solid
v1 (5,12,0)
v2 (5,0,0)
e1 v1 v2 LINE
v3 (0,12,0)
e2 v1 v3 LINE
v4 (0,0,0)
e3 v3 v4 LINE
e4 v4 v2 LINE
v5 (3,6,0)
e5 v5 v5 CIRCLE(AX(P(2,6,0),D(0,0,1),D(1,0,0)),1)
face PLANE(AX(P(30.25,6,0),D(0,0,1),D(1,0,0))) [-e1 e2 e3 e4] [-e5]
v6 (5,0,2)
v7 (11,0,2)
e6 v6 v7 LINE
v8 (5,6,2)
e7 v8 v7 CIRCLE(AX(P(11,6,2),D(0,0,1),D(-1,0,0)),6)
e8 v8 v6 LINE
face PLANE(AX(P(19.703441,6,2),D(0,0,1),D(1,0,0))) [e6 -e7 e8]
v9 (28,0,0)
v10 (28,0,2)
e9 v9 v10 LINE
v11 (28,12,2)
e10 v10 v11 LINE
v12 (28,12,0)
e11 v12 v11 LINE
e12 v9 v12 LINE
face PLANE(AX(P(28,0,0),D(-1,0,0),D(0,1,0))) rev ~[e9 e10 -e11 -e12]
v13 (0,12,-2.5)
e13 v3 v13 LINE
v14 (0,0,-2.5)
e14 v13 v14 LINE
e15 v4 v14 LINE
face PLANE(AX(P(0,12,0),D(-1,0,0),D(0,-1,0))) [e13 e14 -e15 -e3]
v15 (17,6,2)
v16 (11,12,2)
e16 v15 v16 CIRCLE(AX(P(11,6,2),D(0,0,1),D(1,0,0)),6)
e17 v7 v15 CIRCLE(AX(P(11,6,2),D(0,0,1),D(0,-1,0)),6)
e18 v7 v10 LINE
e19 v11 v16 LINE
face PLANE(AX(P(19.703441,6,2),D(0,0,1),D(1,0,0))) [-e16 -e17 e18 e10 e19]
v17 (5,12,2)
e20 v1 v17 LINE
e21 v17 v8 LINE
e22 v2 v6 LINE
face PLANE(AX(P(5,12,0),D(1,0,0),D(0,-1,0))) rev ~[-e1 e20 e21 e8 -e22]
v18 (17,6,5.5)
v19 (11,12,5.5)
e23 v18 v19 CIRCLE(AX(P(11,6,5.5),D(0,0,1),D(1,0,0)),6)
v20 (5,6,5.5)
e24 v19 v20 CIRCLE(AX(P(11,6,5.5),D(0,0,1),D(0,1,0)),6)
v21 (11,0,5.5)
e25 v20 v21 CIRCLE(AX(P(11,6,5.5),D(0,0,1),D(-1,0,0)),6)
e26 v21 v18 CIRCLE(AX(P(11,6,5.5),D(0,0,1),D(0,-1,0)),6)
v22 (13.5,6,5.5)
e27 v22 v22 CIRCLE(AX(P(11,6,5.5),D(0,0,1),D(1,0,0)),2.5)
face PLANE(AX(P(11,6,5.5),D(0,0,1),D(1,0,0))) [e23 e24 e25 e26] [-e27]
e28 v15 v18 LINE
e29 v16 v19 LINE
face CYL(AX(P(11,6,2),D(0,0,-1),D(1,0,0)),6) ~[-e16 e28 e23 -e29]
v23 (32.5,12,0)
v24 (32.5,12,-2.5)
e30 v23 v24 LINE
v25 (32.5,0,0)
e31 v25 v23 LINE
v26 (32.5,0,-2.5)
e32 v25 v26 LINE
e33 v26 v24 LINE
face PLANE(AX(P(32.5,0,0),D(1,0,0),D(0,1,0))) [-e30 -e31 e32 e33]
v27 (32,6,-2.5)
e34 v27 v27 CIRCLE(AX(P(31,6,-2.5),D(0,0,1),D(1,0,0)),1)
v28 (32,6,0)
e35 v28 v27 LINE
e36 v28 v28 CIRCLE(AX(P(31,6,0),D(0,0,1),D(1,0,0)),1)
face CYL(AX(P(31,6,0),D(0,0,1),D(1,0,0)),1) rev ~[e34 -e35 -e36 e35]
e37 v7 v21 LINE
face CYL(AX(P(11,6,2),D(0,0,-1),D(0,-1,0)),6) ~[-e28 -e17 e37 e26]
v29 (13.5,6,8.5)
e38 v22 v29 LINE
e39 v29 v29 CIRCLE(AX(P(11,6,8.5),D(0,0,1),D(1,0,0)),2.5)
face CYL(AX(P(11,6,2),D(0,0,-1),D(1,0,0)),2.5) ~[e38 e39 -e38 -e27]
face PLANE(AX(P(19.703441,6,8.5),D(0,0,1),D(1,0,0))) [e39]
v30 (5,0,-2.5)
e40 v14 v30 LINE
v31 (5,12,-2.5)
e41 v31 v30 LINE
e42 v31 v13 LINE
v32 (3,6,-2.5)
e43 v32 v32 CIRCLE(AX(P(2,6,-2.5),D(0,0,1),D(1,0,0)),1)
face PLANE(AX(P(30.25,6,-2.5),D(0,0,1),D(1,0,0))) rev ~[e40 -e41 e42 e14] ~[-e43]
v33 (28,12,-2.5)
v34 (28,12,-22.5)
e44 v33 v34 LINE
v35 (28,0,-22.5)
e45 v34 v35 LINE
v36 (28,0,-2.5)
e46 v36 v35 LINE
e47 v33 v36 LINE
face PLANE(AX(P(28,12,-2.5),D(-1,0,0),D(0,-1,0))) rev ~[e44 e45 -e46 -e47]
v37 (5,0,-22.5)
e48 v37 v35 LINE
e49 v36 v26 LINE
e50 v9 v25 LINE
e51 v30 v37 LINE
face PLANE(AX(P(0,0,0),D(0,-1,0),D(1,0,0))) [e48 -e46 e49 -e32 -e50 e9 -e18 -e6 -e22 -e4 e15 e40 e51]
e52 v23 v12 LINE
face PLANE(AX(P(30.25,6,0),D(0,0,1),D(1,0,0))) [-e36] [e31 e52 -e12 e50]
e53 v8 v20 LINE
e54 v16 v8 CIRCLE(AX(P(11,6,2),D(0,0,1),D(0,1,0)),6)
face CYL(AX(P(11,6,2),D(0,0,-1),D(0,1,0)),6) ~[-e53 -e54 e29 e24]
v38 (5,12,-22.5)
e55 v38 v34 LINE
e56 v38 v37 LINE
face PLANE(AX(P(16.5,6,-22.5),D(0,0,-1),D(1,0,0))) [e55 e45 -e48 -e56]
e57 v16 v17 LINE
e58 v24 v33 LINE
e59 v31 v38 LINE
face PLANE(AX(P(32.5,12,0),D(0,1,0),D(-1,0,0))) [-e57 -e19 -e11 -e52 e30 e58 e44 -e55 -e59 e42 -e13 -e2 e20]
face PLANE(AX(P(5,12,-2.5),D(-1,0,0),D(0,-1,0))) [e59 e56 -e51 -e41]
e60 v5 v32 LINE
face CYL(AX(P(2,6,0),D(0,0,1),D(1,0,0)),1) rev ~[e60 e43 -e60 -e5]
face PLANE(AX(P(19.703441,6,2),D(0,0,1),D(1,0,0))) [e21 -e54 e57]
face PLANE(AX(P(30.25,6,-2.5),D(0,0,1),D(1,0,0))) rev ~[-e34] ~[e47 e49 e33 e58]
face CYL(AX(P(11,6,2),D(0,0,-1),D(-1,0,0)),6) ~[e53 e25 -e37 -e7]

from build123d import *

# Parameters (mm, degrees)
F0_W     = 4.5
F0_H     = 12
F0_R     = 1
F0_R_2   = 2.5
F1_DEPTH = 2.5
F2_DEPTH = 2
F3_DEPTH = 22.5
F4_R     = 2.5
F5_DEPTH = 3.5
F6_DEPTH = 6.5
F8_W     = 23
F8_H     = 12
F9_DEPTH = 20


with BuildPart() as f1:
    # F0 (on Top) → F1 (new body)
    with BuildSketch(Plane.XY):
        with Locations((30.25, 6)):
            Rectangle(F0_W, F0_H)
        with Locations((31, 6)):
            Circle(F0_R, mode=Mode.SUBTRACT)
        with BuildLine():
            ThreePointArc((17, 6), (15.2426406871, 1.7573593129), (11, 0))
            Line((11, 0), (28, 0))
            Line((28, 0), (28, 12))
            Line((28, 12), (11, 12))
            ThreePointArc((11, 12), (15.2426406871, 10.2426406871), (17, 6))
        make_face()
        with BuildLine():
            Line((5, 12), (5, 6))
            ThreePointArc((5, 6), (6.7573593129, 10.2426406871), (11, 12))
            Line((11, 12), (5, 12))
        make_face()
        with BuildLine():
            Line((5, 6), (5, 0))
            Line((5, 0), (11, 0))
            ThreePointArc((11, 0), (6.7573593129, 1.7573593129), (5, 6))
        make_face()
        Polygon((0, 12), (0, 0), (5, 0), (5, 6), (5, 12), align=None)
        with Locations((2, 6)):
            Circle(F0_R, mode=Mode.SUBTRACT)
        with BuildLine():
            ThreePointArc((5, 6), (6.7573593129, 1.7573593129), (11, 0))
            ThreePointArc((11, 0), (15.2426406871, 1.7573593129), (17, 6))
            ThreePointArc((17, 6), (15.2426406871, 10.2426406871), (11, 12))
            ThreePointArc((11, 12), (6.7573593129, 10.2426406871), (5, 6))
        make_face()
        with Locations((11, 6)):
            Circle(F0_R_2, mode=Mode.SUBTRACT)
        with Locations((11, 6)):
            Circle(F0_R_2)
    extrude(amount=-F1_DEPTH)

    # F0 (on Top) → F2 (join)
    with BuildSketch(Plane.XY):
        with BuildLine():
            ThreePointArc((17, 6), (15.2426406871, 1.7573593129), (11, 0))
            Line((11, 0), (28, 0))
            Line((28, 0), (28, 12))
            Line((28, 12), (11, 12))
            ThreePointArc((11, 12), (15.2426406871, 10.2426406871), (17, 6))
        make_face()
        with BuildLine():
            Line((5, 12), (5, 6))
            ThreePointArc((5, 6), (6.7573593129, 10.2426406871), (11, 12))
            Line((11, 12), (5, 12))
        make_face()
        with BuildLine():
            Line((5, 6), (5, 0))
            Line((5, 0), (11, 0))
            ThreePointArc((11, 0), (6.7573593129, 1.7573593129), (5, 6))
        make_face()
        with BuildLine():
            ThreePointArc((5, 6), (6.7573593129, 1.7573593129), (11, 0))
            ThreePointArc((11, 0), (15.2426406871, 1.7573593129), (17, 6))
            ThreePointArc((17, 6), (15.2426406871, 10.2426406871), (11, 12))
            ThreePointArc((11, 12), (6.7573593129, 10.2426406871), (5, 6))
        make_face()
        with Locations((11, 6)):
            Circle(F0_R_2, mode=Mode.SUBTRACT)
        with Locations((11, 6)):
            Circle(F0_R_2)
    extrude(amount=F2_DEPTH)

    # F4 (on face) → F5 (join)
    with BuildSketch(Plane.XY.offset(2)):
        with BuildLine():
            ThreePointArc((11, 0), (15.2426406871, 1.7573593129), (17, 6))
            ThreePointArc((17, 6), (15.2426406871, 10.2426406871), (11, 12))
            ThreePointArc((11, 12), (6.7573593129, 10.2426406871), (5, 6))
            ThreePointArc((5, 6), (6.7573593129, 1.7573593129), (11, 0))
        make_face()
        with Locations((11, 6)):
            Circle(F4_R, mode=Mode.SUBTRACT)
    extrude(amount=F5_DEPTH)

    # F6 (add): a face of the model
    f6_faces = [f1.faces().sort_by_distance(p)[0] for p in [
        (11, 6, 2),
    ]]
    extrude(f6_faces, amount=F6_DEPTH)

    # F8 (on face) → F9 (join)
    with BuildSketch(Plane(origin=(0, 0, -2.5), x_dir=(1, 0, 0), z_dir=(0, 0, -1))):
        with Locations((16.5, -6)):
            Rectangle(F8_W, F8_H)
    extrude(amount=F9_DEPTH)


with BuildPart() as f3:
    # F0 (on Top) → F3 (new body)
    with BuildSketch(Plane.XY):
        with BuildLine():
            ThreePointArc((17, 6), (15.2426406871, 1.7573593129), (11, 0))
            Line((11, 0), (28, 0))
            Line((28, 0), (28, 12))
            Line((28, 12), (11, 12))
            ThreePointArc((11, 12), (15.2426406871, 10.2426406871), (17, 6))
        make_face()
        with BuildLine():
            ThreePointArc((5, 6), (6.7573593129, 1.7573593129), (11, 0))
            ThreePointArc((11, 0), (15.2426406871, 1.7573593129), (17, 6))
            ThreePointArc((17, 6), (15.2426406871, 10.2426406871), (11, 12))
            ThreePointArc((11, 12), (6.7573593129, 10.2426406871), (5, 6))
        make_face()
        with Locations((11, 6)):
            Circle(F0_R_2, mode=Mode.SUBTRACT)
        with Locations((11, 6)):
            Circle(F0_R_2)
        with BuildLine():
            Line((5, 12), (5, 6))
            ThreePointArc((5, 6), (6.7573593129, 10.2426406871), (11, 12))
            Line((11, 12), (5, 12))
        make_face()
        with BuildLine():
            Line((5, 6), (5, 0))
            Line((5, 0), (11, 0))
            ThreePointArc((11, 0), (6.7573593129, 1.7573593129), (5, 6))
        make_face()
    extrude(amount=-F3_DEPTH)


solid = f1.part
